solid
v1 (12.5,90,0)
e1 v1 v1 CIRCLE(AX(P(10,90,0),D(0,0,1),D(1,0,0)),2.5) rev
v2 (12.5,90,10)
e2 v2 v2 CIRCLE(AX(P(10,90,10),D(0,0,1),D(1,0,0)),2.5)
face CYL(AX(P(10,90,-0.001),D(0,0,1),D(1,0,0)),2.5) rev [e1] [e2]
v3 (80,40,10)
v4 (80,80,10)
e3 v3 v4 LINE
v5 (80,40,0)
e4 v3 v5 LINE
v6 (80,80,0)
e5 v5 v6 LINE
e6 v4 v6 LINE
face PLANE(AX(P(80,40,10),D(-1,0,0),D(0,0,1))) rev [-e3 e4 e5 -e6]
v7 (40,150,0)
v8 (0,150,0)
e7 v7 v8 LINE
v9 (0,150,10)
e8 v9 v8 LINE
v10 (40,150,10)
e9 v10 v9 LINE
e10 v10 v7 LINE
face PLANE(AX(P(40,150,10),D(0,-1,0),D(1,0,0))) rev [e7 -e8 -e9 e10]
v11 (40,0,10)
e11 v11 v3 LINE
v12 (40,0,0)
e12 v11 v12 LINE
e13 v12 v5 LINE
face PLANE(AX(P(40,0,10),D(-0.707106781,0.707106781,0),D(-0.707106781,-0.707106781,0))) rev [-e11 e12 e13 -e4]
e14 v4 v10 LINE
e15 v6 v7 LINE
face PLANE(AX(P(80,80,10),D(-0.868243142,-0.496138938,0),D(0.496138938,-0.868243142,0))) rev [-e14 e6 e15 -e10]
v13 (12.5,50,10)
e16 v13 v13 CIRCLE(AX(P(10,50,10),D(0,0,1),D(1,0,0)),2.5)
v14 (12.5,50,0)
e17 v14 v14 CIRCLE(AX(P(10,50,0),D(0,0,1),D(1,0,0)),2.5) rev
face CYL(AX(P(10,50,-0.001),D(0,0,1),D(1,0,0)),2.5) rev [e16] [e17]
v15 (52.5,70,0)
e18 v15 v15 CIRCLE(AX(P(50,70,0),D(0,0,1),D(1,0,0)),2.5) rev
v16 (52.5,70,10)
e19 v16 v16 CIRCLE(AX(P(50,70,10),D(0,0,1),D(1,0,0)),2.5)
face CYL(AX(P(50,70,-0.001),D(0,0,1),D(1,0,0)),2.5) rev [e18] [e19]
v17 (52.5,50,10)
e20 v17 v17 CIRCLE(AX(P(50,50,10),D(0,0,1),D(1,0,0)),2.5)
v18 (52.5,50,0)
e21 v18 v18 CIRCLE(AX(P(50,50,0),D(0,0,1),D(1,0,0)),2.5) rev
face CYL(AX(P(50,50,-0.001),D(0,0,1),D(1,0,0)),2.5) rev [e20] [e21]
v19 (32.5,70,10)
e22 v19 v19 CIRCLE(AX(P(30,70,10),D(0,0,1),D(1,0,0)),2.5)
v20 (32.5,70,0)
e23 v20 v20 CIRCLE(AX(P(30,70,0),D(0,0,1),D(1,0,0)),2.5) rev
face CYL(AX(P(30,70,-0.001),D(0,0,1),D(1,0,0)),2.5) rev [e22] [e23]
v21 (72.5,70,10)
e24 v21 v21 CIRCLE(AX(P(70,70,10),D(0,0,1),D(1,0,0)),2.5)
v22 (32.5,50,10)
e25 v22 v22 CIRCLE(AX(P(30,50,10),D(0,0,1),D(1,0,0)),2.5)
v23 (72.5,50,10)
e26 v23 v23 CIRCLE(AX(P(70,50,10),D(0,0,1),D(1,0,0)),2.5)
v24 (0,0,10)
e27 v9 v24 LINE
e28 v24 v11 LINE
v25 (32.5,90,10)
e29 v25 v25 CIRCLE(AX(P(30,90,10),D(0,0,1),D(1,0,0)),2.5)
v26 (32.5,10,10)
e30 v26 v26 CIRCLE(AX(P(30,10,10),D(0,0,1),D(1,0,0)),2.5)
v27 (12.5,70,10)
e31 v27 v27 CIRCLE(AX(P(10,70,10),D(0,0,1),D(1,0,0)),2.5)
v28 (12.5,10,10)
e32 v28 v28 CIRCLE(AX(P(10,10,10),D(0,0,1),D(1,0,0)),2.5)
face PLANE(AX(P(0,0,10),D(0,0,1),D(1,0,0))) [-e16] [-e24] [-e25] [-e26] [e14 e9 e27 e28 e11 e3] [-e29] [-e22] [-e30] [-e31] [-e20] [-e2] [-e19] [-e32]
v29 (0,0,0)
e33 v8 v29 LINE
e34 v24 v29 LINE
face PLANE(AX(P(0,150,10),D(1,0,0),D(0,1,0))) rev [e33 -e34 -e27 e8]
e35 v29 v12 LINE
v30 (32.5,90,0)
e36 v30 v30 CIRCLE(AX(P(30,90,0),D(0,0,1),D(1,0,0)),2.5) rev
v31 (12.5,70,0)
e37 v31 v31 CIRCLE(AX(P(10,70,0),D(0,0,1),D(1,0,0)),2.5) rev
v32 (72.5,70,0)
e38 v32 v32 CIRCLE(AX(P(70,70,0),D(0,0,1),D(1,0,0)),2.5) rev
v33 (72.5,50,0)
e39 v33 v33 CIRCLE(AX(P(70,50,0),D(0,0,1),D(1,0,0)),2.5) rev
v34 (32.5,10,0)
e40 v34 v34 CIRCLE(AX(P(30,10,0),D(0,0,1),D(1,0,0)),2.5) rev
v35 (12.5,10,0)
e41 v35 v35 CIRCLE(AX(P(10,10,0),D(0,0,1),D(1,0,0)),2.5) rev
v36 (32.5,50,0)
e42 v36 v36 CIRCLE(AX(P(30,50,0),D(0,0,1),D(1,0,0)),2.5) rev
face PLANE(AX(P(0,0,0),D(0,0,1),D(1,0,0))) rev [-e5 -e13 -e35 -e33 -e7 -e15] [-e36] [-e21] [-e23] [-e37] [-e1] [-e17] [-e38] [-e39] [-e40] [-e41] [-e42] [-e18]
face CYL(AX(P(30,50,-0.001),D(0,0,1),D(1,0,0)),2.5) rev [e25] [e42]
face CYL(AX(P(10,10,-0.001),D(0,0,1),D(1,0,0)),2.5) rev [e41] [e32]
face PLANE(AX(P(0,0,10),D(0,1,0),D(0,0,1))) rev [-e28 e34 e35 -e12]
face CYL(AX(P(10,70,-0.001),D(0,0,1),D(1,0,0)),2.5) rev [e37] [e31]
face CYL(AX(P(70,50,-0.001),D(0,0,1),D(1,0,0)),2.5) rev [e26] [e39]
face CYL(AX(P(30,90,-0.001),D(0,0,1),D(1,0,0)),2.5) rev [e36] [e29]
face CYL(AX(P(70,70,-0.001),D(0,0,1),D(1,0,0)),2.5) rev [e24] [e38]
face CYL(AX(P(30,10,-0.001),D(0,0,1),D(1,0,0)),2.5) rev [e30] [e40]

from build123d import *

# Parameters (mm, degrees)
BOSS_EXTRUDE1_DEPTH = 10
CUT_EXTRUDE1_REACH  = 172.294
SKETCH2_R           = 2.5


with BuildPart() as part:
    # Sketch1 → Boss-Extrude1 (new body)
    with BuildSketch(Plane.XY):
        Polygon((0, 0), (40, 0), (80, 40), (80, 80), (40, 150), (0, 150), align=None)
    extrude(amount=BOSS_EXTRUDE1_DEPTH)

    # Sketch2 → Cut-Extrude1 (cut, up to next)
    with BuildSketch(Plane.XY.offset(10), mode=Mode.PRIVATE) as cut_extrude1_sk1:
        with Locations((10, 10)):
            Circle(SKETCH2_R)
    cut_extrude1_tool1 = extrude(cut_extrude1_sk1.sketch, amount=-CUT_EXTRUDE1_REACH, mode=Mode.PRIVATE) & part.part
    # Sketch2 → Cut-Extrude1 (cut, up to next)
    with BuildSketch(Plane.XY.offset(10), mode=Mode.PRIVATE) as cut_extrude1_sk2:
        with Locations((30, 10)):
            Circle(SKETCH2_R)
    cut_extrude1_tool2 = extrude(cut_extrude1_sk2.sketch, amount=-CUT_EXTRUDE1_REACH, mode=Mode.PRIVATE) & part.part
    # Sketch2 → Cut-Extrude1 (cut, up to next)
    with BuildSketch(Plane.XY.offset(10), mode=Mode.PRIVATE) as cut_extrude1_sk3:
        with Locations((10, 50)):
            Circle(SKETCH2_R)
    cut_extrude1_tool3 = extrude(cut_extrude1_sk3.sketch, amount=-CUT_EXTRUDE1_REACH, mode=Mode.PRIVATE) & part.part
    # Sketch2 → Cut-Extrude1 (cut, up to next)
    with BuildSketch(Plane.XY.offset(10), mode=Mode.PRIVATE) as cut_extrude1_sk4:
        with Locations((70, 70)):
            Circle(SKETCH2_R)
    cut_extrude1_tool4 = extrude(cut_extrude1_sk4.sketch, amount=-CUT_EXTRUDE1_REACH, mode=Mode.PRIVATE) & part.part
    # Sketch2 → Cut-Extrude1 (cut, up to next)
    with BuildSketch(Plane.XY.offset(10), mode=Mode.PRIVATE) as cut_extrude1_sk5:
        with Locations((50, 70)):
            Circle(SKETCH2_R)
    cut_extrude1_tool5 = extrude(cut_extrude1_sk5.sketch, amount=-CUT_EXTRUDE1_REACH, mode=Mode.PRIVATE) & part.part
    # Sketch2 → Cut-Extrude1 (cut, up to next)
    with BuildSketch(Plane.XY.offset(10), mode=Mode.PRIVATE) as cut_extrude1_sk6:
        with Locations((50, 50)):
            Circle(SKETCH2_R)
    cut_extrude1_tool6 = extrude(cut_extrude1_sk6.sketch, amount=-CUT_EXTRUDE1_REACH, mode=Mode.PRIVATE) & part.part
    # Sketch2 → Cut-Extrude1 (cut, up to next)
    with BuildSketch(Plane.XY.offset(10), mode=Mode.PRIVATE) as cut_extrude1_sk7:
        with Locations((30, 50)):
            Circle(SKETCH2_R)
    cut_extrude1_tool7 = extrude(cut_extrude1_sk7.sketch, amount=-CUT_EXTRUDE1_REACH, mode=Mode.PRIVATE) & part.part
    # Sketch2 → Cut-Extrude1 (cut, up to next)
    with BuildSketch(Plane.XY.offset(10), mode=Mode.PRIVATE) as cut_extrude1_sk8:
        with Locations((70, 50)):
            Circle(SKETCH2_R)
    cut_extrude1_tool8 = extrude(cut_extrude1_sk8.sketch, amount=-CUT_EXTRUDE1_REACH, mode=Mode.PRIVATE) & part.part
    # Sketch2 → Cut-Extrude1 (cut, up to next)
    with BuildSketch(Plane.XY.offset(10), mode=Mode.PRIVATE) as cut_extrude1_sk9:
        with Locations((30, 90)):
            Circle(SKETCH2_R)
    cut_extrude1_tool9 = extrude(cut_extrude1_sk9.sketch, amount=-CUT_EXTRUDE1_REACH, mode=Mode.PRIVATE) & part.part
    # Sketch2 → Cut-Extrude1 (cut, up to next)
    with BuildSketch(Plane.XY.offset(10), mode=Mode.PRIVATE) as cut_extrude1_sk10:
        with Locations((10, 90)):
            Circle(SKETCH2_R)
    cut_extrude1_tool10 = extrude(cut_extrude1_sk10.sketch, amount=-CUT_EXTRUDE1_REACH, mode=Mode.PRIVATE) & part.part
    # Sketch2 → Cut-Extrude1 (cut, up to next)
    with BuildSketch(Plane.XY.offset(10), mode=Mode.PRIVATE) as cut_extrude1_sk11:
        with Locations((10, 70)):
            Circle(SKETCH2_R)
    cut_extrude1_tool11 = extrude(cut_extrude1_sk11.sketch, amount=-CUT_EXTRUDE1_REACH, mode=Mode.PRIVATE) & part.part
    # Sketch2 → Cut-Extrude1 (cut, up to next)
    with BuildSketch(Plane.XY.offset(10), mode=Mode.PRIVATE) as cut_extrude1_sk12:
        with Locations((30, 70)):
            Circle(SKETCH2_R)
    cut_extrude1_tool12 = extrude(cut_extrude1_sk12.sketch, amount=-CUT_EXTRUDE1_REACH, mode=Mode.PRIVATE) & part.part
    add(cut_extrude1_tool1.solids().sort_by_distance((10, 10, 10))[0], mode=Mode.SUBTRACT)
    add(cut_extrude1_tool2.solids().sort_by_distance((30, 10, 10))[0], mode=Mode.SUBTRACT)
    add(cut_extrude1_tool3.solids().sort_by_distance((10, 50, 10))[0], mode=Mode.SUBTRACT)
    add(cut_extrude1_tool4.solids().sort_by_distance((70, 70, 10))[0], mode=Mode.SUBTRACT)
    add(cut_extrude1_tool5.solids().sort_by_distance((50, 70, 10))[0], mode=Mode.SUBTRACT)
    add(cut_extrude1_tool6.solids().sort_by_distance((50, 50, 10))[0], mode=Mode.SUBTRACT)
    add(cut_extrude1_tool7.solids().sort_by_distance((30, 50, 10))[0], mode=Mode.SUBTRACT)
    add(cut_extrude1_tool8.solids().sort_by_distance((70, 50, 10))[0], mode=Mode.SUBTRACT)
    add(cut_extrude1_tool9.solids().sort_by_distance((30, 90, 10))[0], mode=Mode.SUBTRACT)
    add(cut_extrude1_tool10.solids().sort_by_distance((10, 90, 10))[0], mode=Mode.SUBTRACT)
    add(cut_extrude1_tool11.solids().sort_by_distance((10, 70, 10))[0], mode=Mode.SUBTRACT)
    add(cut_extrude1_tool12.solids().sort_by_distance((30, 70, 10))[0], mode=Mode.SUBTRACT)


solid = part.part
